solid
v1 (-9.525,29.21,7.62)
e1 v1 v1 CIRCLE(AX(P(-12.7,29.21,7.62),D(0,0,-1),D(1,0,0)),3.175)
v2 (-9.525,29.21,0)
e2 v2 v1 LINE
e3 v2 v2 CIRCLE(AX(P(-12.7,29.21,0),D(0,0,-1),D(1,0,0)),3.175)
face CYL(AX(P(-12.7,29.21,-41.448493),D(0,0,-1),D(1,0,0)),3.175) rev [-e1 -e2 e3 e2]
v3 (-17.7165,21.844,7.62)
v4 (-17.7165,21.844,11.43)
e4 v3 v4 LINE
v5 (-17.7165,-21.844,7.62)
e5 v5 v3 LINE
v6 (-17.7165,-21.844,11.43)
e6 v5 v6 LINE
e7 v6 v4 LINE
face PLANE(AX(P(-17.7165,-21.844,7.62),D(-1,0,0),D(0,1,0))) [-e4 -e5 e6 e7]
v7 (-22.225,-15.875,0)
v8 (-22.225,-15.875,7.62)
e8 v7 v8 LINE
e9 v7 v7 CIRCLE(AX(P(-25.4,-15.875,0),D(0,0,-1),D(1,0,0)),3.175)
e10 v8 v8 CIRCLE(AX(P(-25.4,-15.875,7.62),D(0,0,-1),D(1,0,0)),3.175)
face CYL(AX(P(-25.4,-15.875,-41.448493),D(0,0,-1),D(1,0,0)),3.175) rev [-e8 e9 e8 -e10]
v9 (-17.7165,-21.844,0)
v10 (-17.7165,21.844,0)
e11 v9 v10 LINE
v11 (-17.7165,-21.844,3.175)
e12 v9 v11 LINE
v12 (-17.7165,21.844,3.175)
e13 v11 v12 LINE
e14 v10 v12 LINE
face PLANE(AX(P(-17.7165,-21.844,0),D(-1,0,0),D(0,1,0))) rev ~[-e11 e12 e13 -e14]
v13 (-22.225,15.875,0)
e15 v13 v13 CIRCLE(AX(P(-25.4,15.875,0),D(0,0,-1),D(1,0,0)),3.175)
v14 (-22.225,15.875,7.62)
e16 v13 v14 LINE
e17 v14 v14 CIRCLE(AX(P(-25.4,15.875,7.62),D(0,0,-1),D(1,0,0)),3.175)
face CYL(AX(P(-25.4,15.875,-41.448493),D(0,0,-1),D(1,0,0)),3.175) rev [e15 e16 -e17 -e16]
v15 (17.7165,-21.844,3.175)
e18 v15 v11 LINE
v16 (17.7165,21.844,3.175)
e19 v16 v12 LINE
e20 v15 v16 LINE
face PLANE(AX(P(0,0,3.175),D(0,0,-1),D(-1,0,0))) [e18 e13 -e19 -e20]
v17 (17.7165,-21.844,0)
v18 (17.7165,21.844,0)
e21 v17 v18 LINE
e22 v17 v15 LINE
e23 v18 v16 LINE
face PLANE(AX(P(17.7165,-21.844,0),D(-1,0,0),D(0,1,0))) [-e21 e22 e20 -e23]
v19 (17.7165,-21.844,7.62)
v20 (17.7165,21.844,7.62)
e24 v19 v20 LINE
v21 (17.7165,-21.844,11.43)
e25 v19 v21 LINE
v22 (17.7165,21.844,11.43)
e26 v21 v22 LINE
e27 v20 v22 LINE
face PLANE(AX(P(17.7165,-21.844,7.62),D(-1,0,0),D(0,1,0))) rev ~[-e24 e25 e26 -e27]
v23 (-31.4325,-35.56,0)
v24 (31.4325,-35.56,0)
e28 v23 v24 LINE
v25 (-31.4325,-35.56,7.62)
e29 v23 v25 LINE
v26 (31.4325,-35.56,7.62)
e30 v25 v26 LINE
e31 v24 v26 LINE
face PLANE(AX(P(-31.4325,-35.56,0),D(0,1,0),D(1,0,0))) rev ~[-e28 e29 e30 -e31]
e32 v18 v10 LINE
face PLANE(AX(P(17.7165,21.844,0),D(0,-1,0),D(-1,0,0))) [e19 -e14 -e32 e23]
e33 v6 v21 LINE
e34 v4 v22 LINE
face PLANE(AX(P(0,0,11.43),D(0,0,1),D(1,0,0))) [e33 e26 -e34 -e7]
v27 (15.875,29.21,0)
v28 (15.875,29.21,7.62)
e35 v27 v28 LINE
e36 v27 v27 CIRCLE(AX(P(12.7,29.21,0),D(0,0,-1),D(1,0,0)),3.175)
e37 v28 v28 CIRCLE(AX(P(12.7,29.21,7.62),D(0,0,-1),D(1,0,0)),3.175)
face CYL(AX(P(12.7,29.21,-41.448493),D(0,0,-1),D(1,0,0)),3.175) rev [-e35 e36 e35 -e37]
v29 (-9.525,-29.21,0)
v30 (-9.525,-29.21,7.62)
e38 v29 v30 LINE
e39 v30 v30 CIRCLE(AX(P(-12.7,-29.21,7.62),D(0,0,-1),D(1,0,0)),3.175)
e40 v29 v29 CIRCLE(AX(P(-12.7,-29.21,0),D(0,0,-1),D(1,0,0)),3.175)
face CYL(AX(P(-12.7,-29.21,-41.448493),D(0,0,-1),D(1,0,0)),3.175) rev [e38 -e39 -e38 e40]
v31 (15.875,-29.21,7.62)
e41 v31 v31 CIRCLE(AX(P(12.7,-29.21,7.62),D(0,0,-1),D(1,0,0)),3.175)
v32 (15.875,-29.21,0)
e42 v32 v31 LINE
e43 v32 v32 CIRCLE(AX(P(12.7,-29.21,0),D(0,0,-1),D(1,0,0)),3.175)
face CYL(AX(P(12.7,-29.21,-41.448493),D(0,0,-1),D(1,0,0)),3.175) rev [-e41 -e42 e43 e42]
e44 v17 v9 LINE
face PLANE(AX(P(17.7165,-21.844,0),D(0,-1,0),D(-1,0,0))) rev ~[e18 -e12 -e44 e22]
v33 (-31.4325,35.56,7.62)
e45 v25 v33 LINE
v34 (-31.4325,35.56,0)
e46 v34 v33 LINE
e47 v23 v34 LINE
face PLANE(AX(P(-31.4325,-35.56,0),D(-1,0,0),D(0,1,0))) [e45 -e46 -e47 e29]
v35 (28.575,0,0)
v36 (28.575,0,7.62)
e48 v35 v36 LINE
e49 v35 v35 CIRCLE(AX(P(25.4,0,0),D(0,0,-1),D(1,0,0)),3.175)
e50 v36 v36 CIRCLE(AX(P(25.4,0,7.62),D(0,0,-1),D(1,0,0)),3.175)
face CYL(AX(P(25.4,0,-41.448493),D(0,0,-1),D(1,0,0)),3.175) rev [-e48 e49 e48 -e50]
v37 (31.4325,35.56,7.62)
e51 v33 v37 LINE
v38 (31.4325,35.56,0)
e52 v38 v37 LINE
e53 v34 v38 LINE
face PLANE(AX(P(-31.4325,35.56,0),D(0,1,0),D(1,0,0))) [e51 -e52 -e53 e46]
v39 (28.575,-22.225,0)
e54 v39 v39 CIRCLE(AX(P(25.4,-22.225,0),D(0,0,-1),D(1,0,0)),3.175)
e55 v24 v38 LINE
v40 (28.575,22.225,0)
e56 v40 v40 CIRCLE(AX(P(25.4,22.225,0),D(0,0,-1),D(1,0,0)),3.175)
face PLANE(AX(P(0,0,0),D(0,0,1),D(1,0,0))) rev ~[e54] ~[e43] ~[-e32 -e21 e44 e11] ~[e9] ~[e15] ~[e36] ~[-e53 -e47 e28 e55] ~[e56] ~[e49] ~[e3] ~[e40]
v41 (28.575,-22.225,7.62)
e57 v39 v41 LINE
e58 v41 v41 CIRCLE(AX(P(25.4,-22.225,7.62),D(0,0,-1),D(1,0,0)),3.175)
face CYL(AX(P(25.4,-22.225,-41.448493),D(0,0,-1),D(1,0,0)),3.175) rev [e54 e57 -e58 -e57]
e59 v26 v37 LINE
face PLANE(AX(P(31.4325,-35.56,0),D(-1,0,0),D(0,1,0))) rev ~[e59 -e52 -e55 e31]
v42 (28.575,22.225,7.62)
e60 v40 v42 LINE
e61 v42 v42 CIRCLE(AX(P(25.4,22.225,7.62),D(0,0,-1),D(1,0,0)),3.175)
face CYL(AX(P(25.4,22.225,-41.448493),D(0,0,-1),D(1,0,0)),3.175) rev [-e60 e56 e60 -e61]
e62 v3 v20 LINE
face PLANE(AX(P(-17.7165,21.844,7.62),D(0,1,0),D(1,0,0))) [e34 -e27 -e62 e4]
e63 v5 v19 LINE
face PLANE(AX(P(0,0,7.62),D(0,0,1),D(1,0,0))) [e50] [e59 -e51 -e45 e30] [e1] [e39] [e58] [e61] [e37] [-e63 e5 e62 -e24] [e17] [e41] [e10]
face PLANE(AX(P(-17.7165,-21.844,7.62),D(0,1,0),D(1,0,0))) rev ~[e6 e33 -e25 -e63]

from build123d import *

# Parameters (mm, degrees)
SKETCH1_W               = 62.865
SKETCH1_H               = 71.12
BOSS_EXTRUDE1_DEPTH     = 7.62
SKETCH2_W               = 35.433
SKETCH2_H               = 43.688
BOSS_EXTRUDE2_DEPTH     = 3.81
SKETCH3_W               = 35.433
SKETCH3_H               = 43.688
CUT_EXTRUDE1_DEPTH      = 3.175
CUT_EXTRUDE2_DEPTH      = 49.068493384
CUT_EXTRUDE2_DEPTH_BACK = 49.068493384
SKETCH4_R               = 3.175


with BuildPart() as part:
    # Sketch1 → Boss-Extrude1 (new body)
    with BuildSketch(Plane.XY):
        Rectangle(SKETCH1_W, SKETCH1_H)
    extrude(amount=BOSS_EXTRUDE1_DEPTH)

    # Sketch2 → Boss-Extrude2 (add)
    with BuildSketch(Plane.XY.offset(7.62)):
        Rectangle(SKETCH2_W, SKETCH2_H)
    extrude(amount=BOSS_EXTRUDE2_DEPTH)

    # Sketch3 → Cut-Extrude1 (cut)
    with BuildSketch(Plane(origin=(0, 0, 0), x_dir=(-1, 0, 0), z_dir=(0, 0, -1))):
        Rectangle(SKETCH3_W, SKETCH3_H)
    extrude(amount=-CUT_EXTRUDE1_DEPTH, mode=Mode.SUBTRACT)

    # Sketch4 → Cut-Extrude2 (cut, two sides: drawn at the far end of the back side and taken through both)
    with BuildSketch(Plane.XY.offset(7.62).offset(-CUT_EXTRUDE2_DEPTH_BACK)):
        with Locations((-12.7, 29.21)):
            Circle(SKETCH4_R)
        with Locations((-25.4, 15.875)):
            Circle(SKETCH4_R)
        with Locations((-12.7, -29.21)):
            Circle(SKETCH4_R)
        with Locations((-25.4, -15.875)):
            Circle(SKETCH4_R)
        with Locations((12.7, -29.21)):
            Circle(SKETCH4_R)
        with Locations((12.7, 29.21)):
            Circle(SKETCH4_R)
        with Locations((25.4, 0)):
            Circle(SKETCH4_R)
        with Locations((25.4, 22.225)):
            Circle(SKETCH4_R)
        with Locations((25.4, -22.225)):
            Circle(SKETCH4_R)
    extrude(amount=CUT_EXTRUDE2_DEPTH + CUT_EXTRUDE2_DEPTH_BACK, mode=Mode.SUBTRACT)


solid = part.part
